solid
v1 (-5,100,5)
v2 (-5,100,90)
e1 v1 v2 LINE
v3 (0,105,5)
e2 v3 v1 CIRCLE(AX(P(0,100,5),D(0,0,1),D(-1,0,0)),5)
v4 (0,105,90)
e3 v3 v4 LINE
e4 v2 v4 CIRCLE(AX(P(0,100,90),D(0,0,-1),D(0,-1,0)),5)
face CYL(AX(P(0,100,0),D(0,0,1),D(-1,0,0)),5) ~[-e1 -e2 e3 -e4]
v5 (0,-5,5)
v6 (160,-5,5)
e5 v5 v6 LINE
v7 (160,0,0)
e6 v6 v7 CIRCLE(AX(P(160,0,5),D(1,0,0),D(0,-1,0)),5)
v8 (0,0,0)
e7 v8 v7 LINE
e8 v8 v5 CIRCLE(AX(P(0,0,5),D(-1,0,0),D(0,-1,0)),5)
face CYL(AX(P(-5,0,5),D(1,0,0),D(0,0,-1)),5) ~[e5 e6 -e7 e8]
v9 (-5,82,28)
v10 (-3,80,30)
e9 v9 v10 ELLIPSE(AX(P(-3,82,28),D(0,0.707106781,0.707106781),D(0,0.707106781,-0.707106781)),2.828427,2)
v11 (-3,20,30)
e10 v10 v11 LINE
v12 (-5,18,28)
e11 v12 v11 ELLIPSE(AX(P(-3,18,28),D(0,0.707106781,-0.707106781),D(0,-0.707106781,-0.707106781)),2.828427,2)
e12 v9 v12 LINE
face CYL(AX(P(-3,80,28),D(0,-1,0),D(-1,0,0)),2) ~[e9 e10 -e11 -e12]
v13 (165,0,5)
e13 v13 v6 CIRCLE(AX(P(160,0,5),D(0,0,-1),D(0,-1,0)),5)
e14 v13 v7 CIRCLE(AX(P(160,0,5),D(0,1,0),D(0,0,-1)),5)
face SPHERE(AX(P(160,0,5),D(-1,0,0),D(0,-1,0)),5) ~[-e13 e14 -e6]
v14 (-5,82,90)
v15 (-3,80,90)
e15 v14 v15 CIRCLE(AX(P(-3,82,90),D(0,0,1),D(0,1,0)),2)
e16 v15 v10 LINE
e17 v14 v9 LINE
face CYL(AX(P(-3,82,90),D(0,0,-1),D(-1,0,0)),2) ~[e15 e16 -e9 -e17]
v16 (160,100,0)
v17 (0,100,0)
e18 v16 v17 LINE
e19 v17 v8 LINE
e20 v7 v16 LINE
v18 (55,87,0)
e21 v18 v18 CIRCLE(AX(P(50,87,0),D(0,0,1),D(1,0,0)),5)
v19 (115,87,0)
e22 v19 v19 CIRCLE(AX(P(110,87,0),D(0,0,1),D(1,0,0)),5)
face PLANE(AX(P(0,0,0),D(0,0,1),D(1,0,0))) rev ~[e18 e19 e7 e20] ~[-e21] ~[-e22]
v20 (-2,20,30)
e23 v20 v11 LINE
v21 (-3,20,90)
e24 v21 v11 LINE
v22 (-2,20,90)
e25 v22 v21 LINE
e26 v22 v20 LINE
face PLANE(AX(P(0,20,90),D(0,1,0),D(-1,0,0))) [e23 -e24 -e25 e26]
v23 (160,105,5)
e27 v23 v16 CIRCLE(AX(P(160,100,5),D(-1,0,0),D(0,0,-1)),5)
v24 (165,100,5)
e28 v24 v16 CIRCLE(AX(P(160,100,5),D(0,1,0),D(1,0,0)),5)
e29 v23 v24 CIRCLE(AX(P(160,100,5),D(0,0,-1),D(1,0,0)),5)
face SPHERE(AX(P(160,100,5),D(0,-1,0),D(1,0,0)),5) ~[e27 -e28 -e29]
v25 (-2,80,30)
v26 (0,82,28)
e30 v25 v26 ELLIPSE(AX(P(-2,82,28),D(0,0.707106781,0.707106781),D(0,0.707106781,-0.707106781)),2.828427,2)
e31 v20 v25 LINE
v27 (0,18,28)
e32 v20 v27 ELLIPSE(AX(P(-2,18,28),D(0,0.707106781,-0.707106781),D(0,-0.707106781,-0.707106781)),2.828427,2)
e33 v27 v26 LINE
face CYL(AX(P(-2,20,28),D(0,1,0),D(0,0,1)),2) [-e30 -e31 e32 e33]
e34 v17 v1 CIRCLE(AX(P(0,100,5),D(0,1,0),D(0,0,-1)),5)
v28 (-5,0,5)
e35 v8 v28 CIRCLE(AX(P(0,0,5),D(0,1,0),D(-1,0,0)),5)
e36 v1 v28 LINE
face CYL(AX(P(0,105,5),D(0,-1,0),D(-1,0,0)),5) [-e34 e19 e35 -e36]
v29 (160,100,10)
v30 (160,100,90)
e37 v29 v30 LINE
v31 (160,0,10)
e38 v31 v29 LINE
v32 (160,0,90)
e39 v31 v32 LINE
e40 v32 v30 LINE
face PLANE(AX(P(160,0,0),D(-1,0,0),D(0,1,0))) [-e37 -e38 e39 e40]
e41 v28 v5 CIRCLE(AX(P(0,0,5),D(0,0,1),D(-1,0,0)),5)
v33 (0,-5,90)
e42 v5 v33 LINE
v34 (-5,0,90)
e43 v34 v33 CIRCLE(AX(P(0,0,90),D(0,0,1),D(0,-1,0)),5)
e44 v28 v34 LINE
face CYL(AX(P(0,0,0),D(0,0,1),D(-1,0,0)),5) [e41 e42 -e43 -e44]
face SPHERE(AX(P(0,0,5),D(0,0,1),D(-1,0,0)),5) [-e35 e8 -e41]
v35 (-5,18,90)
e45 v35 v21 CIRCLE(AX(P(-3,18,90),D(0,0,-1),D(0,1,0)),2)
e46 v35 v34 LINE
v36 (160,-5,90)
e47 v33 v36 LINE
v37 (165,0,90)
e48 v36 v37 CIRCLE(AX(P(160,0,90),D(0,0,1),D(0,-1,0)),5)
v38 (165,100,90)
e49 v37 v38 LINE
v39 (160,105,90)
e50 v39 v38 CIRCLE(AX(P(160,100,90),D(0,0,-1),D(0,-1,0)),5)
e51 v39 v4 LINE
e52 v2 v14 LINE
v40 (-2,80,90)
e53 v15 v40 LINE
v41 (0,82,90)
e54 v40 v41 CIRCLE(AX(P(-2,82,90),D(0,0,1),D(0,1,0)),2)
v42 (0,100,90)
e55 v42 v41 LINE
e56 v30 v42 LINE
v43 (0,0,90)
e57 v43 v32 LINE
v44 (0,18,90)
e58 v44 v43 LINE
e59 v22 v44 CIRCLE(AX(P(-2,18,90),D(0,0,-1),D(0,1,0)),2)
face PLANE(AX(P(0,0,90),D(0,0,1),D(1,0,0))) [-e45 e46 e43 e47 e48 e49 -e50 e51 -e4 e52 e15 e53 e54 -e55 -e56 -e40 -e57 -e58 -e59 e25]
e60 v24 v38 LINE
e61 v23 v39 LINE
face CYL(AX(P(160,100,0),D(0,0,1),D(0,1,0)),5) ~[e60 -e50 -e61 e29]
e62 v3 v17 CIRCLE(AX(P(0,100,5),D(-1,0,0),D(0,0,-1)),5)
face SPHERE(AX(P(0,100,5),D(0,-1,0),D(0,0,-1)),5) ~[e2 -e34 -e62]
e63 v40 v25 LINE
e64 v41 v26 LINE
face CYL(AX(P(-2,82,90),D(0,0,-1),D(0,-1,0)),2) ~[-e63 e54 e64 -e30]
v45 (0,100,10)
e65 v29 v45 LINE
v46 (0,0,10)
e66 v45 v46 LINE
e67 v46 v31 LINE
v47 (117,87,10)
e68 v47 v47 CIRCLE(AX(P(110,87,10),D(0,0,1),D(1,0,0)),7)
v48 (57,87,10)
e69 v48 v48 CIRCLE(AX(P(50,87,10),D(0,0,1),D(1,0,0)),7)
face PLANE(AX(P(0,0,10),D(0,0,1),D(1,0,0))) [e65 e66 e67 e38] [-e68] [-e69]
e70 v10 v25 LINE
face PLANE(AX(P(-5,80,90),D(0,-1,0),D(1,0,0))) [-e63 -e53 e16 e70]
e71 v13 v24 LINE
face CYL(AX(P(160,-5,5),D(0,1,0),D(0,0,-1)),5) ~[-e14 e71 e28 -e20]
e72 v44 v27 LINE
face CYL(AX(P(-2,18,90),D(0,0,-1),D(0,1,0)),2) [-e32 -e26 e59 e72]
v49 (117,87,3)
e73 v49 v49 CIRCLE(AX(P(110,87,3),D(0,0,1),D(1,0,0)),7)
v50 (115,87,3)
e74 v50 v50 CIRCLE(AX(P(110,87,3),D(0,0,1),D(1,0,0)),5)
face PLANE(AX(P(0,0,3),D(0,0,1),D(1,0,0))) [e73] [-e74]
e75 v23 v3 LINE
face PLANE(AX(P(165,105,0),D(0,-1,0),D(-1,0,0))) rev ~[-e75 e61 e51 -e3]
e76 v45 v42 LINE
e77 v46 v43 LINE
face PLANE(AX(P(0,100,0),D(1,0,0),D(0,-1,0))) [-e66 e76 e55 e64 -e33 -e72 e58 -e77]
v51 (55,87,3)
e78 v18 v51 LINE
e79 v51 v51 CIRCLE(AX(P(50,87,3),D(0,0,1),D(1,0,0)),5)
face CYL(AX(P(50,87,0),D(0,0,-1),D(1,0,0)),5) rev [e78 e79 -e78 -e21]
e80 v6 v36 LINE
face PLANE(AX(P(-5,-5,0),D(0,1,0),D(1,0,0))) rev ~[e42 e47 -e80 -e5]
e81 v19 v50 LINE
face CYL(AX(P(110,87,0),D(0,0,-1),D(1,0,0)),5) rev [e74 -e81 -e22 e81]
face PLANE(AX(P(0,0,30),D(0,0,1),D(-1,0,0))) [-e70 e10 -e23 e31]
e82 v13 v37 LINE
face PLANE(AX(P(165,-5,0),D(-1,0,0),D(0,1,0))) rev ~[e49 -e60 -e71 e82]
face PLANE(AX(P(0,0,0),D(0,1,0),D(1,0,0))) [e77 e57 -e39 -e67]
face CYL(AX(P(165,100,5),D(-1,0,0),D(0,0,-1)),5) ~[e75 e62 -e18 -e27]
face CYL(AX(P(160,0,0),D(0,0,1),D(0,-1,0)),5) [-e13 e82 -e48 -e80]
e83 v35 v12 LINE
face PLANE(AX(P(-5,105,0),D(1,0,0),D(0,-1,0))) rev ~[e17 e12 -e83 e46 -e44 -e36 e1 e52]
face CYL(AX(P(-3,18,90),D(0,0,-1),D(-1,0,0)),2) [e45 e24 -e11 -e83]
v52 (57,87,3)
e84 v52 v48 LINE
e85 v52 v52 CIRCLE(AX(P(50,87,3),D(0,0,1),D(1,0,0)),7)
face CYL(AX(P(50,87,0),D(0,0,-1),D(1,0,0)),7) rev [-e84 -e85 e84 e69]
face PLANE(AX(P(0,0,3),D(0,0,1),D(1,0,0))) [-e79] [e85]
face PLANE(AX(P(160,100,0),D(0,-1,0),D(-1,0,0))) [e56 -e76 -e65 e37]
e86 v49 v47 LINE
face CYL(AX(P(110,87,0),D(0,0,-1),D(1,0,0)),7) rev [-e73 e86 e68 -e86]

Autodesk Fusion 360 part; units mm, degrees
sketch "Sketch1" plane through (0, 0, 0) normal (0, 0, 1) x (1, 0, 0)
  line L0 (0, 0) -> (160, 0)
  line L1 (160, 0) -> (160, 100)
  line L2 (160, 100) -> (0, 100)
  line L3 (0, 100) -> (0, 0)
  line L4 (-5, -5) -> (165, -5)
  line L5 (165, -5) -> (165, 105)
  line L6 (165, 105) -> (-5, 105)
  line L7 (-5, 105) -> (-5, -5)
  circle A0 centre (50, 87) radius 5
  circle A1 centre (50, 87) radius 7
  circle A2 centre (110, 87) radius 5
  circle A3 centre (110, 87) radius 7
  dimension "d1" = 160
  dimension "d2" = 100
  dimension "d3" = 14
  dimension "d4" = 10
  dimension "d5" = 14
extrude "Extrude1" add sketch "Sketch1" along normal blind 3 contours A1 makes body 1
extrude "Extrude2" add sketch "Sketch1" along normal blind 3 separate body contours A3 makes body 2
extrude "Extrude3" add sketch "Sketch1" along normal blind 10 contours L0 L1 L2 L3 bodies 1 2
extrude "Extrude4" add sketch "Sketch1" along normal blind 90 contours L4 L5 L6 L7 bodies 1
sketch "Sketch2" plane through (0, 0, 90) normal (0, 0, 1) x (-1, 0, 0)
  line L0 (0, 0) -> (0, -100)
  line L1 (0, -100) -> (-160, -100)
  line L2 (-160, -100) -> (-160, 0)
  line L3 (-160, 0) -> (0, 0)
  line L4 (5, -105) -> (5, 5)
  line L5 (5, 5) -> (-165, 5)
  line L6 (-165, 5) -> (-165, -105)
  line L7 (-165, -105) -> (5, -105)
  line L8 (5, -80) -> (0, -80)
  line L9 (0, -80) -> (0, -20)
  line L10 (0, -20) -> (5, -20)
  line L11 (5, -20) -> (5, -80)
extrude "Extrude5" cut sketch "Sketch2" against normal blind 60 contours L0 L4 L8 L9 L10 L11 bodies 1
fillet "Fillet1" radius 5 8 edges at (-5, -5, 45) (-5, 50, 0) (80, -5, 0) (165, -5, 45) (165, 50, 0) (165, 105, 45) (80, 105, 0) (-5, 105, 45) on bodies 1
fillet "Fillet1" radius 2 6 edges at (-5, 80, 60) (0, 80, 60) (-5, 20, 60) (0, 20, 60) (-5, 50, 30) (0, 50, 30) on bodies 1
